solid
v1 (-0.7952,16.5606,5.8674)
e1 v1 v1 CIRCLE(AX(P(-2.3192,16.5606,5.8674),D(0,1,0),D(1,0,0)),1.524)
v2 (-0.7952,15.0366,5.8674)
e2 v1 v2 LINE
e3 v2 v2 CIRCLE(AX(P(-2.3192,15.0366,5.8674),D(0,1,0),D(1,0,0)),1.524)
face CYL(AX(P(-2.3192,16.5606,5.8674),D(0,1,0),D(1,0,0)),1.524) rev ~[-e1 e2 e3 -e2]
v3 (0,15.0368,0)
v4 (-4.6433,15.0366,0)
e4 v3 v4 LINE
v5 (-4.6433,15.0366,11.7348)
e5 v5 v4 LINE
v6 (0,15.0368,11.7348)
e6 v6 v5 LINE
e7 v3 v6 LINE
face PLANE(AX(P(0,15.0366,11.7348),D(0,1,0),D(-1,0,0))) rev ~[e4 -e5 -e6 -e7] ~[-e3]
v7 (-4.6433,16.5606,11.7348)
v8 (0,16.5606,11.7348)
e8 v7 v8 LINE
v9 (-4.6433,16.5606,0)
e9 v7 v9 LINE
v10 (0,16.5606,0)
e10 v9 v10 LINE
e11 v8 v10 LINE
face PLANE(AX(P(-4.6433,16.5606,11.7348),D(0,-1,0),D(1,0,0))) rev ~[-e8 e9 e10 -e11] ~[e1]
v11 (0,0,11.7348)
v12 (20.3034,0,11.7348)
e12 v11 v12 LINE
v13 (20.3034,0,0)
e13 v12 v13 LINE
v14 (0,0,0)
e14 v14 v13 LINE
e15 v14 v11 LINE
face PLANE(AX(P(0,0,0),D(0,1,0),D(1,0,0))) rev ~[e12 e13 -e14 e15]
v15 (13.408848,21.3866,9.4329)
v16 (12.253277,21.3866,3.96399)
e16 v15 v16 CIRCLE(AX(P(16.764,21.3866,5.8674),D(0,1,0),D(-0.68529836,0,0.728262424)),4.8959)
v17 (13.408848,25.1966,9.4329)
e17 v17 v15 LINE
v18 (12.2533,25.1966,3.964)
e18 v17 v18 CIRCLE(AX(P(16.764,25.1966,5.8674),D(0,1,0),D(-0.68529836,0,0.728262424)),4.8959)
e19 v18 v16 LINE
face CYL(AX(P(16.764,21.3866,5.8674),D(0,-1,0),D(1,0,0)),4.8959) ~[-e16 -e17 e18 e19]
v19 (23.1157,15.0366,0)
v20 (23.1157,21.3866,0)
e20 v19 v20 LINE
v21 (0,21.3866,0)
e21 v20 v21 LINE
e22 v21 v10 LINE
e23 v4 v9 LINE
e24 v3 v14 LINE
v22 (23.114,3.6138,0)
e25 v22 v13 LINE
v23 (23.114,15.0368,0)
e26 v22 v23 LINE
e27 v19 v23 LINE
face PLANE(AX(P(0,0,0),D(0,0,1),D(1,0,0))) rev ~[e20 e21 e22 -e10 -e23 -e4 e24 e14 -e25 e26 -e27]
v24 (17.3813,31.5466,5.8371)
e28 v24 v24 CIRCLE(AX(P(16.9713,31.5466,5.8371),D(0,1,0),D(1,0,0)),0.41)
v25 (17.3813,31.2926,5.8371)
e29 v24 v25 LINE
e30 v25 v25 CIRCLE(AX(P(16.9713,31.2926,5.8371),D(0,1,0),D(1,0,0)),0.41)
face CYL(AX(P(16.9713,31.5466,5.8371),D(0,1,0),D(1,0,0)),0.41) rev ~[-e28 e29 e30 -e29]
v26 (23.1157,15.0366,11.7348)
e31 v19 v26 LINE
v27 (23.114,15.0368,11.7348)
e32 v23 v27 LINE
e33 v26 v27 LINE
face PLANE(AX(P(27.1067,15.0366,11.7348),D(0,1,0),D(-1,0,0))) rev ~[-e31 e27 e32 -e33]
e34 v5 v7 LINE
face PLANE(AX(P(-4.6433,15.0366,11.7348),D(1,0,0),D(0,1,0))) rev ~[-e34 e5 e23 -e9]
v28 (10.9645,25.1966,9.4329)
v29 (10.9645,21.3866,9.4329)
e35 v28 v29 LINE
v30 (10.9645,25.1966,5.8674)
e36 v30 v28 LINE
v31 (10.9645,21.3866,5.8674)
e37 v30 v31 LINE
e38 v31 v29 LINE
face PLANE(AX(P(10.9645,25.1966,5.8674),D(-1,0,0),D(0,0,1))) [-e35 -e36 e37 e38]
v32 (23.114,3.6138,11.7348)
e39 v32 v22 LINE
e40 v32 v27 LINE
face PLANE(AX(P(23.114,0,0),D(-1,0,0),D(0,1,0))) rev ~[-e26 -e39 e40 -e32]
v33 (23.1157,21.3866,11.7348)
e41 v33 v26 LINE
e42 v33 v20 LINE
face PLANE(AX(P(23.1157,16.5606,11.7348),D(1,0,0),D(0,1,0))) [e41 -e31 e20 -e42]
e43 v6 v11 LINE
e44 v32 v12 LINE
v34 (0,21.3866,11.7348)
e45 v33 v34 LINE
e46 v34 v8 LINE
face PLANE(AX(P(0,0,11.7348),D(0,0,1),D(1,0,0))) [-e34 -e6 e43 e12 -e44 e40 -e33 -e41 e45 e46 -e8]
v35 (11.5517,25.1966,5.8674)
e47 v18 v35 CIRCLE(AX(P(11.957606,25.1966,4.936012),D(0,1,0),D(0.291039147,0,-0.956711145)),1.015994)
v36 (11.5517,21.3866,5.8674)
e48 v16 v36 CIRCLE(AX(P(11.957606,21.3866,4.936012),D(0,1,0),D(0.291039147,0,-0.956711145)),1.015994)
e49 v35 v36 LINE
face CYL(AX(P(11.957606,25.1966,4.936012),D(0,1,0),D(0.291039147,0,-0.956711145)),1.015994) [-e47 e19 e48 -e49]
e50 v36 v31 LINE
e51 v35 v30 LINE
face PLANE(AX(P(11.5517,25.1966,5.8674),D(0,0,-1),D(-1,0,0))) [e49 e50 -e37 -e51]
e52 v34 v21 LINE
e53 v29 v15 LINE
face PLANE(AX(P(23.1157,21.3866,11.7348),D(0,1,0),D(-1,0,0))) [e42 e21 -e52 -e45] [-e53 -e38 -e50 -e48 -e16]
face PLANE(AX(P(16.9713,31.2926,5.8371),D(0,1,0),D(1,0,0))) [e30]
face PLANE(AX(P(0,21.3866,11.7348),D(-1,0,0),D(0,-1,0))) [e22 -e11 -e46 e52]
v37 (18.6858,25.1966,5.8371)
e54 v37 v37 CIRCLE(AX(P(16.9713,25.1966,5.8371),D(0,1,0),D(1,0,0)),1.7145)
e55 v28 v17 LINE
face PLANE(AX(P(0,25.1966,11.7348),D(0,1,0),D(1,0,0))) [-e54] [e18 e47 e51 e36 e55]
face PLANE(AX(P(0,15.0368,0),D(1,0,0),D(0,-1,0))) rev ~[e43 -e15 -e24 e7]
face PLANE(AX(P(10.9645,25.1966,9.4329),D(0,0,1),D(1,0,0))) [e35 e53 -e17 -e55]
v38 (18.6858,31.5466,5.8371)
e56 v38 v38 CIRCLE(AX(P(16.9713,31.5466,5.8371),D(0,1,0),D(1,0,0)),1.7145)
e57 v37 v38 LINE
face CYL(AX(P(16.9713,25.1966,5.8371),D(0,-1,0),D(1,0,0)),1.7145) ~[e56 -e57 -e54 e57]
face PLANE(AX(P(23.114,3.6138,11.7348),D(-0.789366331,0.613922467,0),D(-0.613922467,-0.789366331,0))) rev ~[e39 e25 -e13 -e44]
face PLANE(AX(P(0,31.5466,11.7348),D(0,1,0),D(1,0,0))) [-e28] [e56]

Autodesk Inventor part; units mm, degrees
ref_plane "YZ Plane" through (0, 0, 0) normal (1, 0, 0) x (0, 1, 0)
ref_plane "XZ Plane" through (0, 0, 0) normal (0, 1, 0) x (-1, 0, 0)
ref_plane "XY Plane" through (0, 0, 0) normal (0, 0, 1) x (1, 0, 0)
sketch "Sketch1" plane through (0, 0, 0) normal (0, 0, 1) x (1, 0, 0)
  line L0 (0, 0) -> (23.114, 0)
  line L1 (23.114, 0) -> (23.114, 15.0368)
  line L2 (23.114, 15.0368) -> (0, 15.0368)
  line L3 (0, 15.0368) -> (0, 0)
  dimension "d0" = 15.0368
  dimension "d1" = 23.114
extrude "Extrusion1" add sketch "Sketch1" along normal blind 11.7348
sketch "Sketch2" plane through (0, 0, 11.7348) normal (0, 0, 1) x (1, 0, 0)
  line L0 (23.114, 0) -> (23.114, 3.6138)
  line L1 (23.114, 0) -> (23.114, 15.0368) projected
  line L2 (0, 0) -> (23.114, 0) projected
  line L3 (20.3034, 0) -> (23.114, 0)
  line L4 (23.114, 3.6138) -> (20.3034, 0)
extrude "Extrusion2" cut sketch "Sketch2" against normal blind 11.7348
sketch "Sketch3" plane through (0, 0, 11.7348) normal (0, 0, 1) x (1, 0, 0)
  line L0 (-4.6433, 16.5606) -> (27.1067, 16.5606)
  line L1 (27.1067, 16.5606) -> (27.1067, 15.0366)
  line L2 (27.1067, 15.0366) -> (-4.6433, 15.0366)
  line L3 (-4.6433, 15.0366) -> (-4.6433, 16.5606)
  line L4 (23.114, 15.0368) -> (0, 15.0368) projected
  point P0 (0, 0)
  dimension "d6" = 31.75
  dimension "d7" = 1.524
extrude "Extrusion3" add sketch "Sketch3" against normal blind 11.7348
sketch "Sketch4" plane through (0, 0, 11.7348) normal (0, 0, 1) x (1, 0, 0)
  line L0 (-4.6433, 16.5606) -> (27.1067, 16.5606) projected
  line L1 (0, 16.5606) -> (23.1157, 16.5606)
  line L2 (23.1157, 16.5606) -> (23.1157, 21.3866)
  line L3 (23.1157, 21.3866) -> (0, 21.3866)
  line L4 (0, 21.3866) -> (0, 16.5606)
  point P0 (0, 0)
  dimension "d10" = 4.826
extrude "Extrusion4" add sketch "Sketch4" against normal up to surface (11.7348 mm away)
sketch "Sketch5" plane through (0, 21.3866, 11.7348) normal (0, 1, 0) x (1, 0, 0)
  circle A0 centre (16.764, 5.8674) radius 4.8959
  line L0 (0, 11.7348) -> (23.1157, 11.7348) projected
  line L1 (0, 0) -> (0, 11.7348) projected
  line L2 (23.1157, 0) -> (0, 0) projected
  line L3 (23.1157, 0) -> (23.1157, 11.7348) projected
  point P0 (0, 11.7348)
  dimension "d14" = 9.7917
  dimension "d39" = 11.7348
  dimension "d40" = 5.8674
  dimension "d46" = 16.764
extrude "Extrusion5" add sketch "Sketch5" along normal blind 3.81 contours A0
sketch "Sketch6" plane through (16.764, 25.1966, 5.8674) normal (0, 1, 0) x (1, 0, 0)
  circle A0 centre (0, 0) radius 4.8958 projected
  arc A1 (-4.5107, 1.9034) -> (-5.2123, 0) centre (-4.8064, 0.9314) ccw
  line L0 (-5.2123, 0) -> (-5.7995, 0)
  line L1 (-5.7995, 0) -> (-5.7995, -3.5655)
  line L2 (-5.7995, -3.5655) -> (-3.355, -3.5655)
  line L3 (-4.228, 0.0962) -> (-4.228, 0.1127)
  point P0 (-16.764, 5.8674)
  point P1 (-5.5059, 0)
  dimension "d35" = 2.4445
  dimension "d36" = 3.5655
  dimension "d37" = 1.016
  dimension "d38" = 0.9314
extrude "Extrusion6" add sketch "Sketch6" against normal blind 3.9878 contours A0 L2 L1 L0 A1
sketch "Sketch7" plane through (0, 25.1966, 11.7348) normal (0, 1, 0) x (1, 0, 0)
  circle A0 centre (16.9713, 5.8977) radius 1.7145
  point P0 (0, 11.7348)
  dimension "d19" = 3.429
extrude "Extrusion7" add sketch "Sketch7" along normal blind 6.35
sketch "Sketch8" plane through (16.9713, 31.5466, 5.8371) normal (0, 1, 0) x (1, 0, 0)
  circle A0 centre (0, 0) radius 0.41
  point P0 (-16.9713, 5.8371)
extrude "Extrusion8" cut sketch "Sketch8" against normal blind 0.254
sketch "Sketch9" plane through (-4.6433, 16.5606, 11.7348) normal (0, 1, 0) x (1, 0, 0)
  line L0 (4.6433, 0) -> (4.6433, 11.7348) projected
  line L1 (0, 0) -> (0, 11.7348) projected
  line L2 (31.75, 0) -> (31.75, 11.7348) projected
  line L3 (27.759, 0) -> (27.759, 11.7348) projected
  circle A0 centre (2.3241, 5.8674) radius 1.524
  line L4 (0, 0) -> (4.6433, 0) projected
  circle A1 centre (29.7561, 5.8674) radius 1.524
  line L5 (27.759, 11.7348) -> (31.75, 11.7348) projected
  dimension "d24" = 4.6433
  dimension "d25" = 3.991
  dimension "d26" = 3.048
  dimension "d27" = 2.3241
  dimension "d28" = 11.7348
  dimension "d29" = 5.8674
  dimension "d30" = 3.048
  dimension "d31" = 5.8674
  dimension "d32" = 1.9939
extrude "Extrusion9" cut sketch "Sketch9" against normal blind 25.4
sketch "Sketch11" plane through (-4.6433, 16.5606, 11.7348) normal (0, 1, 0) x (1, 0, 0)
  circle A0 centre (29.7561, 5.8674) radius 1.524 projected
  circle A1 centre (29.7561, 5.8674) radius 1.524 projected
  line L0 (27.759, 11.7348) -> (27.759, 0) projected
  line L1 (27.759, 0) -> (31.75, 0) projected
  line L2 (31.75, 0) -> (31.75, 11.7348) projected
  line L3 (27.759, 11.7348) -> (31.75, 11.7348) projected
  point P0 (4.6433, 11.7348)
extrude "Extrusion10" cut sketch "Sketch11" against normal blind 25.4
